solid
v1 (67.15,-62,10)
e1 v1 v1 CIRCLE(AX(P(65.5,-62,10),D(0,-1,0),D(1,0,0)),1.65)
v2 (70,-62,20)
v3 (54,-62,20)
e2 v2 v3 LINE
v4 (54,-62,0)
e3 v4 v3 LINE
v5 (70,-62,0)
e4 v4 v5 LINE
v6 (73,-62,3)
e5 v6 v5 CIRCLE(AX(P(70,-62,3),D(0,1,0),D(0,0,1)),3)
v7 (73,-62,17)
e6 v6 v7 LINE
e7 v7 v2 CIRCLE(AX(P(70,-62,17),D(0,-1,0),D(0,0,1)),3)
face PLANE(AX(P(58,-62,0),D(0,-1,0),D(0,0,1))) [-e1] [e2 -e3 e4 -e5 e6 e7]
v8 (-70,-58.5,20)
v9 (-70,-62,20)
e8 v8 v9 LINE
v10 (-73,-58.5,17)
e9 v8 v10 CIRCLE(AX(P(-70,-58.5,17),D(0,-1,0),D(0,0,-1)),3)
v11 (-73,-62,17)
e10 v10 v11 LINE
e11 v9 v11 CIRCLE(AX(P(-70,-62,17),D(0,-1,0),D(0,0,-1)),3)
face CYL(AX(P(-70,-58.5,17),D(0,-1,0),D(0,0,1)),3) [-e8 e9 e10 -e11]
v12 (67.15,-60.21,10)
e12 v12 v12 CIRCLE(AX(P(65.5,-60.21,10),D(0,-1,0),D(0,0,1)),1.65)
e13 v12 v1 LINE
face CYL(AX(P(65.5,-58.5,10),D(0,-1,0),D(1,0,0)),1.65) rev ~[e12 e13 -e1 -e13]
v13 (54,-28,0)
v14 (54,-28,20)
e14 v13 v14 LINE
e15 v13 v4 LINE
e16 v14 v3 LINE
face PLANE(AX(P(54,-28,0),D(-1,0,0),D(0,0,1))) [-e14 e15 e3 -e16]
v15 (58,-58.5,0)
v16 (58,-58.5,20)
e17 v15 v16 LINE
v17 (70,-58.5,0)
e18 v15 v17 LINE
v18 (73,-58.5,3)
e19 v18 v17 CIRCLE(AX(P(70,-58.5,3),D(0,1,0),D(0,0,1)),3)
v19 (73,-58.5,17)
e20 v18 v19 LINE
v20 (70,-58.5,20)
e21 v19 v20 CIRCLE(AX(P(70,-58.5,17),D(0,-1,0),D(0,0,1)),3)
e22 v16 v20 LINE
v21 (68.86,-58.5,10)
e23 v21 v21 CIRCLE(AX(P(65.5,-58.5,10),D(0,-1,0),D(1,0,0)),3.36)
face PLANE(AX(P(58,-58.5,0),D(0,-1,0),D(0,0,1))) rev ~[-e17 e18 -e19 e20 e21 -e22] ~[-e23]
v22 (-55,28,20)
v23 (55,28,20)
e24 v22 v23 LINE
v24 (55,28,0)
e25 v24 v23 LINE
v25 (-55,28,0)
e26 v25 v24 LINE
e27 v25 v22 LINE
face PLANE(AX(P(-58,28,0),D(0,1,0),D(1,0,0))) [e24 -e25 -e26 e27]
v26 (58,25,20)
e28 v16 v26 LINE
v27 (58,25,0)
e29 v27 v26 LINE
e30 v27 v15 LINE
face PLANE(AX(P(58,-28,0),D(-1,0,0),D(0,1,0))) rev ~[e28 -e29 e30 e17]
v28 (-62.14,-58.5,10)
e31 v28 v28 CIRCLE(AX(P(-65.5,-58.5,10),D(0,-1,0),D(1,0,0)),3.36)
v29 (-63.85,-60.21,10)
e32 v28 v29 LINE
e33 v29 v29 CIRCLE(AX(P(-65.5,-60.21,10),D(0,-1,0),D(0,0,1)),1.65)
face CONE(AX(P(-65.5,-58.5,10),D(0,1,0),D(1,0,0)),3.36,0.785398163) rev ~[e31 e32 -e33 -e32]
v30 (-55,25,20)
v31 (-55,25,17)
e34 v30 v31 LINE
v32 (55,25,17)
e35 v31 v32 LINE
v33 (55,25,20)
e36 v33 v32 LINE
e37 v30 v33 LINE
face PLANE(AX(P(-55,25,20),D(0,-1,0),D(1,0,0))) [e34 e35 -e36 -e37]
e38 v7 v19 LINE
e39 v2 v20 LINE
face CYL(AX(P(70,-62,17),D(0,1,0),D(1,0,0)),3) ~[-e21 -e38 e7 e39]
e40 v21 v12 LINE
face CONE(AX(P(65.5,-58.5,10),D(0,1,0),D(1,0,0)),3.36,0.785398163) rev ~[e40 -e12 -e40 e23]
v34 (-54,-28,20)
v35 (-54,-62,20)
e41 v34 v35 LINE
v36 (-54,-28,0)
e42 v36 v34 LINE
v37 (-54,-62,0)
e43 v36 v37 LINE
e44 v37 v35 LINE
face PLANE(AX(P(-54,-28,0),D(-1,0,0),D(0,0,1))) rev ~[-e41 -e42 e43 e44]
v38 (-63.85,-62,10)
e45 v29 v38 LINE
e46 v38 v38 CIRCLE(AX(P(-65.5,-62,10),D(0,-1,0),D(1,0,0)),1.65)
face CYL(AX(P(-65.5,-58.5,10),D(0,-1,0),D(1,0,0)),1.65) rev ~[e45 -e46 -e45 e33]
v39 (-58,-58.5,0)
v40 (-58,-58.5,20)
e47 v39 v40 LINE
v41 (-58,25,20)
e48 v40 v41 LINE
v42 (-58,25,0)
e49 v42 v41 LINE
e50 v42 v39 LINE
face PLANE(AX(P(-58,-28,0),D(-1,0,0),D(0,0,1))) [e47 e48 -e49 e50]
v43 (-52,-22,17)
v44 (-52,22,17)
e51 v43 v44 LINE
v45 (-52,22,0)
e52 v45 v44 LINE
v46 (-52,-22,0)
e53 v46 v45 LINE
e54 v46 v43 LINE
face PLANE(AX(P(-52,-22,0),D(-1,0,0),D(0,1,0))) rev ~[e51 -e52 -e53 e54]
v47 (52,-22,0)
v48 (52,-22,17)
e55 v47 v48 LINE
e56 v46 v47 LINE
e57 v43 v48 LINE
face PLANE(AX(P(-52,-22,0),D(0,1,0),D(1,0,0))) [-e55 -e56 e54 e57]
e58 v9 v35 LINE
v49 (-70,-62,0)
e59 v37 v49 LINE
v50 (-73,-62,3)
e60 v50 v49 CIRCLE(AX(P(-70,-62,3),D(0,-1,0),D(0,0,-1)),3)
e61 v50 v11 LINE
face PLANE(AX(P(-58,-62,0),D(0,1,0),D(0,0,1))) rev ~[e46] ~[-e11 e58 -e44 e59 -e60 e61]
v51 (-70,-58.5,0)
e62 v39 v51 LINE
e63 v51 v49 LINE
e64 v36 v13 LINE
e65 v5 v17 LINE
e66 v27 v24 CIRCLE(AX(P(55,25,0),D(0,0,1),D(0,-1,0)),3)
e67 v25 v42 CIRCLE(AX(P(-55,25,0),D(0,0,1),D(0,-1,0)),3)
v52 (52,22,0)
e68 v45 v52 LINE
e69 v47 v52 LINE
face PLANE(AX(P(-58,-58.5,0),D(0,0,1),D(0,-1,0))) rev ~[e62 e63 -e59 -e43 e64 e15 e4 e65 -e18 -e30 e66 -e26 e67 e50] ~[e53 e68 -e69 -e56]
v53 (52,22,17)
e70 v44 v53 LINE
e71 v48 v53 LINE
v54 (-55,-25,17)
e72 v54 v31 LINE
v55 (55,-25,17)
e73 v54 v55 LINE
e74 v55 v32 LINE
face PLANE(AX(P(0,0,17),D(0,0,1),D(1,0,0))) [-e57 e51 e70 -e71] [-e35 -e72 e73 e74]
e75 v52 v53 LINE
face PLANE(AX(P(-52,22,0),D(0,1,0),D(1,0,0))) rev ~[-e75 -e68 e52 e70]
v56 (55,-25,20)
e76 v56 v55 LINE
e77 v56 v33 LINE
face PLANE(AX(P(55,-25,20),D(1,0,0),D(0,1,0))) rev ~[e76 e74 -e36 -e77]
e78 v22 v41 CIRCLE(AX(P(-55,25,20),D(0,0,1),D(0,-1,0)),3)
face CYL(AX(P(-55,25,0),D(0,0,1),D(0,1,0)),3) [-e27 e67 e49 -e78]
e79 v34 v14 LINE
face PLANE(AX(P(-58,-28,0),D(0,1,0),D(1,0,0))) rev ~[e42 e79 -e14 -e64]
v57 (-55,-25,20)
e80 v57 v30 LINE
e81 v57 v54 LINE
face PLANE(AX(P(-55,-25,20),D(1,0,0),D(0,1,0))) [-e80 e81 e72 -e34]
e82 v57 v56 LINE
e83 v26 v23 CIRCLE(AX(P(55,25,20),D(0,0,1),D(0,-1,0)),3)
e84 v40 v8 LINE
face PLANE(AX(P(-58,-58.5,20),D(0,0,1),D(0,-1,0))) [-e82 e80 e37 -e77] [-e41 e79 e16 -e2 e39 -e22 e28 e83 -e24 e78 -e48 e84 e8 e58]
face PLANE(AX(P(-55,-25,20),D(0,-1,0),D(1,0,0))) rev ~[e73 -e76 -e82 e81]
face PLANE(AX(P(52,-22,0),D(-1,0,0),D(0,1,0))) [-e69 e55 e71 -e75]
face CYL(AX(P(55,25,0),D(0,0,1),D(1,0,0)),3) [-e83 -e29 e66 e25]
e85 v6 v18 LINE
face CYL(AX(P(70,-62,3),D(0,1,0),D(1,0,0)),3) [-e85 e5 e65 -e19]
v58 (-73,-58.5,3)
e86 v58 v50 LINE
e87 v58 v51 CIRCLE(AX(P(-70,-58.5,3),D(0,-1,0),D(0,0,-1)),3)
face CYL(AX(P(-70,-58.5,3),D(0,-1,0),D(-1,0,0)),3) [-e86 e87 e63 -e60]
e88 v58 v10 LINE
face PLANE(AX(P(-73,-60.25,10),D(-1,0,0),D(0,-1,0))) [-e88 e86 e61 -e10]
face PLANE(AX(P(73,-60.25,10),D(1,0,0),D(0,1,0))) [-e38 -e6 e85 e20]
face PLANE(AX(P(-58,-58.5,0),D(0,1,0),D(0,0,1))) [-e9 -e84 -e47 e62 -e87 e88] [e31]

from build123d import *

# Parameters (mm, degrees)
F0_W            = 116
F0_H            = 56
F0_W_2          = 104
F0_H_2          = 44
F1_DEPTH        = 20
F2_W            = 110
F2_H            = 50
F2_W_2          = 104
F2_H_2          = 44
F3_DEPTH        = 3
F4_W            = 4
F4_H            = 20
F5_DEPTH        = 34
F6_W            = 3.5
F6_H            = 20
F7_DEPTH        = 15
F8_W            = 3.5
F8_H            = 20
F9_DEPTH        = 15
F11_D           = 3.3
F11_DEPTH       = 5
F11_CSINK_D     = 6.72
F11_CSINK_ANGLE = 90
F11_TIP         = 0.9914200214
F13_D           = 3.3
F13_DEPTH       = 5
F13_CSINK_D     = 6.72
F13_CSINK_ANGLE = 90
F13_TIP         = 0.9914200214
F14_R           = 3


with BuildPart() as f1:
    # F0 (on Top) → F1 (new body)
    with BuildSketch(Plane.XY):
        Rectangle(F0_W, F0_H)
        Rectangle(F0_W_2, F0_H_2, mode=Mode.SUBTRACT)
    extrude(amount=F1_DEPTH)

    # F2 (on face) → F3 (cut)
    with BuildSketch(Plane.XY.offset(20)):
        Rectangle(F2_W, F2_H)
        Rectangle(F2_W_2, F2_H_2, mode=Mode.SUBTRACT)
    extrude(amount=-F3_DEPTH, mode=Mode.SUBTRACT)

    # F4 (on face) → F5 (join)
    with BuildSketch(Plane.XZ.offset(28)):
        with Locations((-56, 10)):
            Rectangle(F4_W, F4_H)
        with Locations((56, 10)):
            Rectangle(F4_W, F4_H)
    extrude(amount=F5_DEPTH)

    # F6 (on face) → F7 (join)
    with BuildSketch(Plane.YZ.offset(58)):
        with Locations((-60.25, 10)):
            Rectangle(F6_W, F6_H)
    extrude(amount=F7_DEPTH)

    # F8 (on face) → F9 (join)
    with BuildSketch(Plane(origin=(-58, 0, 0), x_dir=(0, -1, 0), z_dir=(-1, 0, 0))):
        with Locations((60.25, 10)):
            Rectangle(F8_W, F8_H)
    extrude(amount=F9_DEPTH)

    # F11
    with Locations(Plane(origin=(0, -58.5, 0), x_dir=(-1, 0, 0), z_dir=(0, 1, 0))):
        with Locations((-65.5, 10)):
            CounterSinkHole(F11_D / 2, F11_CSINK_D / 2, depth=F11_DEPTH, counter_sink_angle=F11_CSINK_ANGLE)
            with Locations((0, 0, -(F11_DEPTH + F11_TIP / 2))):  # 118° drill point
                Cone(0, F11_D / 2, F11_TIP, mode=Mode.SUBTRACT)

    # F13
    with Locations(Plane(origin=(0, -58.5, 0), x_dir=(-1, 0, 0), z_dir=(0, 1, 0))):
        with Locations((65.5, 10)):
            CounterSinkHole(F13_D / 2, F13_CSINK_D / 2, depth=F13_DEPTH, counter_sink_angle=F13_CSINK_ANGLE)
            with Locations((0, 0, -(F13_DEPTH + F13_TIP / 2))):  # 118° drill point
                Cone(0, F13_D / 2, F13_TIP, mode=Mode.SUBTRACT)

    # F14
    f14_edges = [f1.edges().sort_by_distance(p)[0] for p in [
        (58, 28, 10),
        (-58, 28, 10),
        (73, -60.25, 0),
        (73, -60.25, 20),
        (-73, -60.25, 20),
        (-73, -60.25, 0),
    ]]
    fillet(f14_edges, radius=F14_R)


solid = f1.part
